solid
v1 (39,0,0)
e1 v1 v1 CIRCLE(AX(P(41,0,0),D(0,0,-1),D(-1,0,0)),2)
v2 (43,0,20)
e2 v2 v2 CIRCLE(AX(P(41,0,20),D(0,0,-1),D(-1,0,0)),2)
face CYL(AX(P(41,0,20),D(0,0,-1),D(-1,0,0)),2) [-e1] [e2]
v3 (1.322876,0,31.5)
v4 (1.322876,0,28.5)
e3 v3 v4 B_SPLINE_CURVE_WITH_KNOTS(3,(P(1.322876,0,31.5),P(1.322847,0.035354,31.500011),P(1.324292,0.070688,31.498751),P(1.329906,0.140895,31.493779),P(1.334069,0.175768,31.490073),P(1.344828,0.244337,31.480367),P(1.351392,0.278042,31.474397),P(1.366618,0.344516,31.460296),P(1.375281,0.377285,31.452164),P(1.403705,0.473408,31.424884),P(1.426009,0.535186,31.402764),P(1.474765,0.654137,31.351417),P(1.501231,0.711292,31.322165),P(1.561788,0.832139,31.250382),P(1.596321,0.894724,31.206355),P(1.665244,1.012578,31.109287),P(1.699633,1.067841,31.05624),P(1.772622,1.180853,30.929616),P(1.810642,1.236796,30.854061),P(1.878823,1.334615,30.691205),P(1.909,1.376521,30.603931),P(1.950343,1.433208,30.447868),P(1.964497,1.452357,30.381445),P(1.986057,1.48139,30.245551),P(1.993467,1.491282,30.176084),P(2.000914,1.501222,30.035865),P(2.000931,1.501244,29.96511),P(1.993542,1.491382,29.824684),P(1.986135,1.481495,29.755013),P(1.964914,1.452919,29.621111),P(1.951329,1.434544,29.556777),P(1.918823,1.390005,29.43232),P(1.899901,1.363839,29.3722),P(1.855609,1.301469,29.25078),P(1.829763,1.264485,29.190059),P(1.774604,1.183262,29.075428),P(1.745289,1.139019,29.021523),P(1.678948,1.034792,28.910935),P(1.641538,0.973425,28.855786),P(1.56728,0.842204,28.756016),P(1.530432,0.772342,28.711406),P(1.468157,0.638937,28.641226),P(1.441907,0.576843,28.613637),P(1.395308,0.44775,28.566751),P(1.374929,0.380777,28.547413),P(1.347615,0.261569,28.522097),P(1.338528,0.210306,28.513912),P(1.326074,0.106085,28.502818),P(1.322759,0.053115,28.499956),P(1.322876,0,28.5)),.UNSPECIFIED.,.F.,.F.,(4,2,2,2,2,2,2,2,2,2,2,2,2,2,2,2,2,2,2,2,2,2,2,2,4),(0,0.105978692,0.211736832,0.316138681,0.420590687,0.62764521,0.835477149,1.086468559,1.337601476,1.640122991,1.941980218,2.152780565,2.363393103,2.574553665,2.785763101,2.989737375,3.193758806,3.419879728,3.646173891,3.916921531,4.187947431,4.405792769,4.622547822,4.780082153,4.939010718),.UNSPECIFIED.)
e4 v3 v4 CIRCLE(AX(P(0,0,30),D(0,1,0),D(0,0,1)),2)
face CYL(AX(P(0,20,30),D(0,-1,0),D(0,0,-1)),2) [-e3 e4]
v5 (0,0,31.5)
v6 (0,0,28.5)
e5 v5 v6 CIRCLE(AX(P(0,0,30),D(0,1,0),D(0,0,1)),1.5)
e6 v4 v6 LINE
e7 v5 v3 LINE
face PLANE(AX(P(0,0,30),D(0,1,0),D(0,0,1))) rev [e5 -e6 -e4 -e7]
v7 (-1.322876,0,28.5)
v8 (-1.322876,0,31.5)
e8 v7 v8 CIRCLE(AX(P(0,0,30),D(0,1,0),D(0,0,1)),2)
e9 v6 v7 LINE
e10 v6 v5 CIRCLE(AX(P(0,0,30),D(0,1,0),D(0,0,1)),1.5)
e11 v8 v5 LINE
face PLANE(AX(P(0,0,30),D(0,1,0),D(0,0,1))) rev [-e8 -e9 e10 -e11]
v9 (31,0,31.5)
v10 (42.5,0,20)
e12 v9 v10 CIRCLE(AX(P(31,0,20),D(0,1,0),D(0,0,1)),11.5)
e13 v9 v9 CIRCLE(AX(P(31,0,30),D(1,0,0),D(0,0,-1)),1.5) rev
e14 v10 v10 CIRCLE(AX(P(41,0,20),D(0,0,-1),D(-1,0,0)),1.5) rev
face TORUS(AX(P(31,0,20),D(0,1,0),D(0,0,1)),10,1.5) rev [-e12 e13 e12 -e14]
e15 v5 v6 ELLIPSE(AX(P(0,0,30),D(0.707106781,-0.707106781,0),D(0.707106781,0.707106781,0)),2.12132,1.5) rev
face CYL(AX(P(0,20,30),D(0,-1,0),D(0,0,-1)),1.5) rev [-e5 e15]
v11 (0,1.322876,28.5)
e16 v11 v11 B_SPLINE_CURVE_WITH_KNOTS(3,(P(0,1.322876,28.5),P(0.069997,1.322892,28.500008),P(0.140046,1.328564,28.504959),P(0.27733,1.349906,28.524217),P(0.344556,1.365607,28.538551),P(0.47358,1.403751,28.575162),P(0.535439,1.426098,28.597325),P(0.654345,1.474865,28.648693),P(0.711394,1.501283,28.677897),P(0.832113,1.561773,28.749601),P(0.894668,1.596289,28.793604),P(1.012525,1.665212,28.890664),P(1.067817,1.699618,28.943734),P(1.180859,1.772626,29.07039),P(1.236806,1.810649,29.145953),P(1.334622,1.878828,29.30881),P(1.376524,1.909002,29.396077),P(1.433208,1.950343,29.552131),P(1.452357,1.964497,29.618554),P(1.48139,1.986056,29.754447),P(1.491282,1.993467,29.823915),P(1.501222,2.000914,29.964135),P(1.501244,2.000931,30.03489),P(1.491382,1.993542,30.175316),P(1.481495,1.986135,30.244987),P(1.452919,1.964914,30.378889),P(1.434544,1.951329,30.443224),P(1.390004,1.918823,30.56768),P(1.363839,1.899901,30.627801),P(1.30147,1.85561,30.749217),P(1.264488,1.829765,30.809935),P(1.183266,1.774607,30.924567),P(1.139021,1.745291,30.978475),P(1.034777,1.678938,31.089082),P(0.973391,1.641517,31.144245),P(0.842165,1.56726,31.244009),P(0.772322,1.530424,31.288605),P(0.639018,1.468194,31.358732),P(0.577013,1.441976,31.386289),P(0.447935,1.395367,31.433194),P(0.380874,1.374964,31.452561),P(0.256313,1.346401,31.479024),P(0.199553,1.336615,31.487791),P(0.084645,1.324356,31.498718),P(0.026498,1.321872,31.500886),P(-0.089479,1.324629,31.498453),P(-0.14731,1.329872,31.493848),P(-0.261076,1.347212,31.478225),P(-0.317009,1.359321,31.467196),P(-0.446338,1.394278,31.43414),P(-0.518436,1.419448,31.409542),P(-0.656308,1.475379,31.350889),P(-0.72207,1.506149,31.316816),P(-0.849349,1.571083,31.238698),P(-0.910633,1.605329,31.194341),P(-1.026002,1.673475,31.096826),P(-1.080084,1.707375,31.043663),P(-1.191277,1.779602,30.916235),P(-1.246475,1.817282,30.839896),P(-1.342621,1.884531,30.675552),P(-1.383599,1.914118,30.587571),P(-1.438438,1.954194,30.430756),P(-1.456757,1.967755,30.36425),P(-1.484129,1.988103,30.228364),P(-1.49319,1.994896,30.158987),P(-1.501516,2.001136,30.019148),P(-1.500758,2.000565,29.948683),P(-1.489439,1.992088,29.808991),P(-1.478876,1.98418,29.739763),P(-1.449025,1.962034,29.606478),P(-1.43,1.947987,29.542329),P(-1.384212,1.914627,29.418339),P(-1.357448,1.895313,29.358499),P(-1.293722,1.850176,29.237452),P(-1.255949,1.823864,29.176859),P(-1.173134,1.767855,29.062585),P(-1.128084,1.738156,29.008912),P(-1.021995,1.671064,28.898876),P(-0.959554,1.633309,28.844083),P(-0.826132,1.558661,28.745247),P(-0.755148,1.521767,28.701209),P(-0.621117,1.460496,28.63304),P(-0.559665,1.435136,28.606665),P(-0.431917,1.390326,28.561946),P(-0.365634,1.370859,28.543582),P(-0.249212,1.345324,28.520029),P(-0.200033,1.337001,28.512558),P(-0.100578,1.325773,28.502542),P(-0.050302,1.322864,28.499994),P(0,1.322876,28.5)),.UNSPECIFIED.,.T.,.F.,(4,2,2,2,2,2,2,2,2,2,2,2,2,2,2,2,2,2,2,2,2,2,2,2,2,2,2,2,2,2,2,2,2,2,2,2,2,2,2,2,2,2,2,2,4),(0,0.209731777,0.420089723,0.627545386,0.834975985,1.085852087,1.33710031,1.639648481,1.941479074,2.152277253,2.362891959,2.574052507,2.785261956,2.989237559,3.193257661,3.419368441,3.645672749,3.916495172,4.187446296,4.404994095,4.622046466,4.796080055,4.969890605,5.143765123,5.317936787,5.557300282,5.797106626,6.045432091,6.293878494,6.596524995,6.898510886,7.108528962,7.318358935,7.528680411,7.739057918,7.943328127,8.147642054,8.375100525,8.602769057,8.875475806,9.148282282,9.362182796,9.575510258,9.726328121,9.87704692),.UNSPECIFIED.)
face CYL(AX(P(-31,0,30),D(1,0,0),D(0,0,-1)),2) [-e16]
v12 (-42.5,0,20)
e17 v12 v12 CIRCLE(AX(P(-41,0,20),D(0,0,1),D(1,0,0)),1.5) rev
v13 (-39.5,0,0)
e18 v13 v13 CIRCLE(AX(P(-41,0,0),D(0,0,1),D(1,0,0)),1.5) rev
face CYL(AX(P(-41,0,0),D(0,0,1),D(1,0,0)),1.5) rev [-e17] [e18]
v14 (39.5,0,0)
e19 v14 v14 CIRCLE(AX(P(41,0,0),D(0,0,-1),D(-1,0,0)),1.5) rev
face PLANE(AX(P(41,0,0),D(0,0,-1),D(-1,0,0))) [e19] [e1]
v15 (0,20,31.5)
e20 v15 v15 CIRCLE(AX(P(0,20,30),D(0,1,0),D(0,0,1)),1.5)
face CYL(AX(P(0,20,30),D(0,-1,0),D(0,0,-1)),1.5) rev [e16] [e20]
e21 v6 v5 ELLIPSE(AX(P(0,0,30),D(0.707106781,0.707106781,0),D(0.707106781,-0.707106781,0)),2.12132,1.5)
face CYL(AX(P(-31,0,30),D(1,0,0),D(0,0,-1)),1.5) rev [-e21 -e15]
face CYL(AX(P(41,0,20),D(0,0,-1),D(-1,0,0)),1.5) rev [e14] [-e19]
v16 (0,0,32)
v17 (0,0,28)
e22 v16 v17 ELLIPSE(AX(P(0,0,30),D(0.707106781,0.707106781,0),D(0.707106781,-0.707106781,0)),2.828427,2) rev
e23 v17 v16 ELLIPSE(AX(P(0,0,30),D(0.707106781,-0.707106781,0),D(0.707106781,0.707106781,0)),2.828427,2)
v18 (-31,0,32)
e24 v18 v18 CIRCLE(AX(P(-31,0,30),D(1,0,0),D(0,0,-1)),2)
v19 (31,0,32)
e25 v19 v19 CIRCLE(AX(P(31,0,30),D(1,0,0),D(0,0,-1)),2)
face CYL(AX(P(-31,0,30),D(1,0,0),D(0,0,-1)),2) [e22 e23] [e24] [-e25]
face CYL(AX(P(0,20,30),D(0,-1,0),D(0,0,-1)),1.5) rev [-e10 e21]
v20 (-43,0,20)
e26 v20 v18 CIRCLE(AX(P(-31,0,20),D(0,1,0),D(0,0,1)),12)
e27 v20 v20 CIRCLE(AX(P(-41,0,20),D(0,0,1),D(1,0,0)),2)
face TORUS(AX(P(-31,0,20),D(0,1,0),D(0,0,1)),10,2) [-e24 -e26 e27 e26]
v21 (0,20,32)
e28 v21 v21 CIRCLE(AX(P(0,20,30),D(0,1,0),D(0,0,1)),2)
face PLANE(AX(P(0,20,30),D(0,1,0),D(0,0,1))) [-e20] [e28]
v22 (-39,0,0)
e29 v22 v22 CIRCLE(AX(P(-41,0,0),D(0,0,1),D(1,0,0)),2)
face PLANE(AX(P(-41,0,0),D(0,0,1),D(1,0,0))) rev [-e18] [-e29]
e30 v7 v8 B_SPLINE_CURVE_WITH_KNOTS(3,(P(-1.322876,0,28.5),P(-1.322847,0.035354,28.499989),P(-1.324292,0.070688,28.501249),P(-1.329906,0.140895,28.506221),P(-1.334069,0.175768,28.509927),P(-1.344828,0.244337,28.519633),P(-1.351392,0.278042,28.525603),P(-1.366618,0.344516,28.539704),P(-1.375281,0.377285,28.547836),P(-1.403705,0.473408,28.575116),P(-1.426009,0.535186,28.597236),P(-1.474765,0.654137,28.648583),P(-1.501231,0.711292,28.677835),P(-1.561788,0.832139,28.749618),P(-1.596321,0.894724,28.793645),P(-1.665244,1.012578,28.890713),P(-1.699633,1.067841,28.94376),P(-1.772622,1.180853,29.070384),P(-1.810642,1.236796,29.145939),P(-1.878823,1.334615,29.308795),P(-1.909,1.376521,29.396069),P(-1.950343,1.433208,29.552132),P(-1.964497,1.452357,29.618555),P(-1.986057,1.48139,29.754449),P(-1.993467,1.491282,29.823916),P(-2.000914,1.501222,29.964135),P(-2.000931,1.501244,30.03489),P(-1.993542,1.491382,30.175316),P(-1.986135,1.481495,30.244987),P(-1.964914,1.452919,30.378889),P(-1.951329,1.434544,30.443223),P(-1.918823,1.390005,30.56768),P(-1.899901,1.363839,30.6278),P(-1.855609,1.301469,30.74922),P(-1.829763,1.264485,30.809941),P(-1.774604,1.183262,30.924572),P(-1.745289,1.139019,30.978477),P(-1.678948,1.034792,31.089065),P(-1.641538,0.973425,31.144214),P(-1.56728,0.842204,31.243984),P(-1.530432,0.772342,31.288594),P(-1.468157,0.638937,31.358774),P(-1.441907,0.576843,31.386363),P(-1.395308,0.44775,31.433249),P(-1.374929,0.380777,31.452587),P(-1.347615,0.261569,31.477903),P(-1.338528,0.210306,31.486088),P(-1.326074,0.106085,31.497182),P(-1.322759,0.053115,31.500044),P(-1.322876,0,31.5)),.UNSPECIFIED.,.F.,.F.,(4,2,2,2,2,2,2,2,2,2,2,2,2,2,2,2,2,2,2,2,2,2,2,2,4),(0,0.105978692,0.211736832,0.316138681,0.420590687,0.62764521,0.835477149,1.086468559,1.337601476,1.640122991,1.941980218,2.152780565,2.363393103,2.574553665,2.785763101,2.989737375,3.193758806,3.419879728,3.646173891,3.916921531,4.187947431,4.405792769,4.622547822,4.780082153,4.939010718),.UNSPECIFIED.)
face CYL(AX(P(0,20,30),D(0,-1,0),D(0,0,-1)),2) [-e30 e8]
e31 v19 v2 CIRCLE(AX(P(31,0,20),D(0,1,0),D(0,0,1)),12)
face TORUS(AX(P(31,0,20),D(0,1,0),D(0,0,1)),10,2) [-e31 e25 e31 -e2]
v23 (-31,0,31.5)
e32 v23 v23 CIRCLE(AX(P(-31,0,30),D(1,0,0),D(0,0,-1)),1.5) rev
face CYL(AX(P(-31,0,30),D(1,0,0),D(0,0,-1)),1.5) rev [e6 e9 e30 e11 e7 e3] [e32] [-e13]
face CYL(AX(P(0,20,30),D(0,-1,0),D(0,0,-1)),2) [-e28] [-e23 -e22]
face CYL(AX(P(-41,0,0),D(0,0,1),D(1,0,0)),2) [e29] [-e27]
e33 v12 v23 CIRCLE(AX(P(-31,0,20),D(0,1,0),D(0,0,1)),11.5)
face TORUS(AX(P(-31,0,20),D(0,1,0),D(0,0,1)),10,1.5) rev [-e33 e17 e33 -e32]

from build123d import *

# Parameters (mm, degrees)
SKETCH3_R           = 2
SKETCH3_R_2         = 1.5
SKETCH4_R           = 2
SKETCH4_R_2         = 1.5
BOSS_EXTRUDE1_DEPTH = 20


with BuildPart() as part:
    # Sweep1: sweep along a path in Sketch2
    with BuildLine(Plane(origin=(0, 0, 0), x_dir=(1, 0, 0), z_dir=(0, 1, 0))) as sweep1_path:
        Line((-41, 0), (-41, -20))
        ThreePointArc((-41, -20), (-38.071067812, -27.071067812), (-31, -30))
        Line((-31, -30), (31, -30))
        ThreePointArc((31, -30), (38.071067812, -27.071067812), (41, -20))
        Line((41, -20), (41, 0))
    # Sketch3 → Sweep1 (sweep)
    with BuildSketch(Plane.XY):
        with Locations((-41, 0)):
            Circle(SKETCH3_R)
        with Locations((-41, 0)):
            Circle(SKETCH3_R_2, mode=Mode.SUBTRACT)
    sweep(path=sweep1_path.line)

    # Sketch4 → Boss-Extrude1 (add)
    with BuildSketch(Plane(origin=(0, 0, 0), x_dir=(1, 0, 0), z_dir=(0, 1, 0))):
        with Locations(Location((0, -30, 0), (0, 0, 270))):
            Circle(SKETCH4_R)
        with Locations(Location((0, -30, 0), (0, 0, 90))):
            Circle(SKETCH4_R_2, mode=Mode.SUBTRACT)
    extrude(amount=BOSS_EXTRUDE1_DEPTH)


solid = part.part
